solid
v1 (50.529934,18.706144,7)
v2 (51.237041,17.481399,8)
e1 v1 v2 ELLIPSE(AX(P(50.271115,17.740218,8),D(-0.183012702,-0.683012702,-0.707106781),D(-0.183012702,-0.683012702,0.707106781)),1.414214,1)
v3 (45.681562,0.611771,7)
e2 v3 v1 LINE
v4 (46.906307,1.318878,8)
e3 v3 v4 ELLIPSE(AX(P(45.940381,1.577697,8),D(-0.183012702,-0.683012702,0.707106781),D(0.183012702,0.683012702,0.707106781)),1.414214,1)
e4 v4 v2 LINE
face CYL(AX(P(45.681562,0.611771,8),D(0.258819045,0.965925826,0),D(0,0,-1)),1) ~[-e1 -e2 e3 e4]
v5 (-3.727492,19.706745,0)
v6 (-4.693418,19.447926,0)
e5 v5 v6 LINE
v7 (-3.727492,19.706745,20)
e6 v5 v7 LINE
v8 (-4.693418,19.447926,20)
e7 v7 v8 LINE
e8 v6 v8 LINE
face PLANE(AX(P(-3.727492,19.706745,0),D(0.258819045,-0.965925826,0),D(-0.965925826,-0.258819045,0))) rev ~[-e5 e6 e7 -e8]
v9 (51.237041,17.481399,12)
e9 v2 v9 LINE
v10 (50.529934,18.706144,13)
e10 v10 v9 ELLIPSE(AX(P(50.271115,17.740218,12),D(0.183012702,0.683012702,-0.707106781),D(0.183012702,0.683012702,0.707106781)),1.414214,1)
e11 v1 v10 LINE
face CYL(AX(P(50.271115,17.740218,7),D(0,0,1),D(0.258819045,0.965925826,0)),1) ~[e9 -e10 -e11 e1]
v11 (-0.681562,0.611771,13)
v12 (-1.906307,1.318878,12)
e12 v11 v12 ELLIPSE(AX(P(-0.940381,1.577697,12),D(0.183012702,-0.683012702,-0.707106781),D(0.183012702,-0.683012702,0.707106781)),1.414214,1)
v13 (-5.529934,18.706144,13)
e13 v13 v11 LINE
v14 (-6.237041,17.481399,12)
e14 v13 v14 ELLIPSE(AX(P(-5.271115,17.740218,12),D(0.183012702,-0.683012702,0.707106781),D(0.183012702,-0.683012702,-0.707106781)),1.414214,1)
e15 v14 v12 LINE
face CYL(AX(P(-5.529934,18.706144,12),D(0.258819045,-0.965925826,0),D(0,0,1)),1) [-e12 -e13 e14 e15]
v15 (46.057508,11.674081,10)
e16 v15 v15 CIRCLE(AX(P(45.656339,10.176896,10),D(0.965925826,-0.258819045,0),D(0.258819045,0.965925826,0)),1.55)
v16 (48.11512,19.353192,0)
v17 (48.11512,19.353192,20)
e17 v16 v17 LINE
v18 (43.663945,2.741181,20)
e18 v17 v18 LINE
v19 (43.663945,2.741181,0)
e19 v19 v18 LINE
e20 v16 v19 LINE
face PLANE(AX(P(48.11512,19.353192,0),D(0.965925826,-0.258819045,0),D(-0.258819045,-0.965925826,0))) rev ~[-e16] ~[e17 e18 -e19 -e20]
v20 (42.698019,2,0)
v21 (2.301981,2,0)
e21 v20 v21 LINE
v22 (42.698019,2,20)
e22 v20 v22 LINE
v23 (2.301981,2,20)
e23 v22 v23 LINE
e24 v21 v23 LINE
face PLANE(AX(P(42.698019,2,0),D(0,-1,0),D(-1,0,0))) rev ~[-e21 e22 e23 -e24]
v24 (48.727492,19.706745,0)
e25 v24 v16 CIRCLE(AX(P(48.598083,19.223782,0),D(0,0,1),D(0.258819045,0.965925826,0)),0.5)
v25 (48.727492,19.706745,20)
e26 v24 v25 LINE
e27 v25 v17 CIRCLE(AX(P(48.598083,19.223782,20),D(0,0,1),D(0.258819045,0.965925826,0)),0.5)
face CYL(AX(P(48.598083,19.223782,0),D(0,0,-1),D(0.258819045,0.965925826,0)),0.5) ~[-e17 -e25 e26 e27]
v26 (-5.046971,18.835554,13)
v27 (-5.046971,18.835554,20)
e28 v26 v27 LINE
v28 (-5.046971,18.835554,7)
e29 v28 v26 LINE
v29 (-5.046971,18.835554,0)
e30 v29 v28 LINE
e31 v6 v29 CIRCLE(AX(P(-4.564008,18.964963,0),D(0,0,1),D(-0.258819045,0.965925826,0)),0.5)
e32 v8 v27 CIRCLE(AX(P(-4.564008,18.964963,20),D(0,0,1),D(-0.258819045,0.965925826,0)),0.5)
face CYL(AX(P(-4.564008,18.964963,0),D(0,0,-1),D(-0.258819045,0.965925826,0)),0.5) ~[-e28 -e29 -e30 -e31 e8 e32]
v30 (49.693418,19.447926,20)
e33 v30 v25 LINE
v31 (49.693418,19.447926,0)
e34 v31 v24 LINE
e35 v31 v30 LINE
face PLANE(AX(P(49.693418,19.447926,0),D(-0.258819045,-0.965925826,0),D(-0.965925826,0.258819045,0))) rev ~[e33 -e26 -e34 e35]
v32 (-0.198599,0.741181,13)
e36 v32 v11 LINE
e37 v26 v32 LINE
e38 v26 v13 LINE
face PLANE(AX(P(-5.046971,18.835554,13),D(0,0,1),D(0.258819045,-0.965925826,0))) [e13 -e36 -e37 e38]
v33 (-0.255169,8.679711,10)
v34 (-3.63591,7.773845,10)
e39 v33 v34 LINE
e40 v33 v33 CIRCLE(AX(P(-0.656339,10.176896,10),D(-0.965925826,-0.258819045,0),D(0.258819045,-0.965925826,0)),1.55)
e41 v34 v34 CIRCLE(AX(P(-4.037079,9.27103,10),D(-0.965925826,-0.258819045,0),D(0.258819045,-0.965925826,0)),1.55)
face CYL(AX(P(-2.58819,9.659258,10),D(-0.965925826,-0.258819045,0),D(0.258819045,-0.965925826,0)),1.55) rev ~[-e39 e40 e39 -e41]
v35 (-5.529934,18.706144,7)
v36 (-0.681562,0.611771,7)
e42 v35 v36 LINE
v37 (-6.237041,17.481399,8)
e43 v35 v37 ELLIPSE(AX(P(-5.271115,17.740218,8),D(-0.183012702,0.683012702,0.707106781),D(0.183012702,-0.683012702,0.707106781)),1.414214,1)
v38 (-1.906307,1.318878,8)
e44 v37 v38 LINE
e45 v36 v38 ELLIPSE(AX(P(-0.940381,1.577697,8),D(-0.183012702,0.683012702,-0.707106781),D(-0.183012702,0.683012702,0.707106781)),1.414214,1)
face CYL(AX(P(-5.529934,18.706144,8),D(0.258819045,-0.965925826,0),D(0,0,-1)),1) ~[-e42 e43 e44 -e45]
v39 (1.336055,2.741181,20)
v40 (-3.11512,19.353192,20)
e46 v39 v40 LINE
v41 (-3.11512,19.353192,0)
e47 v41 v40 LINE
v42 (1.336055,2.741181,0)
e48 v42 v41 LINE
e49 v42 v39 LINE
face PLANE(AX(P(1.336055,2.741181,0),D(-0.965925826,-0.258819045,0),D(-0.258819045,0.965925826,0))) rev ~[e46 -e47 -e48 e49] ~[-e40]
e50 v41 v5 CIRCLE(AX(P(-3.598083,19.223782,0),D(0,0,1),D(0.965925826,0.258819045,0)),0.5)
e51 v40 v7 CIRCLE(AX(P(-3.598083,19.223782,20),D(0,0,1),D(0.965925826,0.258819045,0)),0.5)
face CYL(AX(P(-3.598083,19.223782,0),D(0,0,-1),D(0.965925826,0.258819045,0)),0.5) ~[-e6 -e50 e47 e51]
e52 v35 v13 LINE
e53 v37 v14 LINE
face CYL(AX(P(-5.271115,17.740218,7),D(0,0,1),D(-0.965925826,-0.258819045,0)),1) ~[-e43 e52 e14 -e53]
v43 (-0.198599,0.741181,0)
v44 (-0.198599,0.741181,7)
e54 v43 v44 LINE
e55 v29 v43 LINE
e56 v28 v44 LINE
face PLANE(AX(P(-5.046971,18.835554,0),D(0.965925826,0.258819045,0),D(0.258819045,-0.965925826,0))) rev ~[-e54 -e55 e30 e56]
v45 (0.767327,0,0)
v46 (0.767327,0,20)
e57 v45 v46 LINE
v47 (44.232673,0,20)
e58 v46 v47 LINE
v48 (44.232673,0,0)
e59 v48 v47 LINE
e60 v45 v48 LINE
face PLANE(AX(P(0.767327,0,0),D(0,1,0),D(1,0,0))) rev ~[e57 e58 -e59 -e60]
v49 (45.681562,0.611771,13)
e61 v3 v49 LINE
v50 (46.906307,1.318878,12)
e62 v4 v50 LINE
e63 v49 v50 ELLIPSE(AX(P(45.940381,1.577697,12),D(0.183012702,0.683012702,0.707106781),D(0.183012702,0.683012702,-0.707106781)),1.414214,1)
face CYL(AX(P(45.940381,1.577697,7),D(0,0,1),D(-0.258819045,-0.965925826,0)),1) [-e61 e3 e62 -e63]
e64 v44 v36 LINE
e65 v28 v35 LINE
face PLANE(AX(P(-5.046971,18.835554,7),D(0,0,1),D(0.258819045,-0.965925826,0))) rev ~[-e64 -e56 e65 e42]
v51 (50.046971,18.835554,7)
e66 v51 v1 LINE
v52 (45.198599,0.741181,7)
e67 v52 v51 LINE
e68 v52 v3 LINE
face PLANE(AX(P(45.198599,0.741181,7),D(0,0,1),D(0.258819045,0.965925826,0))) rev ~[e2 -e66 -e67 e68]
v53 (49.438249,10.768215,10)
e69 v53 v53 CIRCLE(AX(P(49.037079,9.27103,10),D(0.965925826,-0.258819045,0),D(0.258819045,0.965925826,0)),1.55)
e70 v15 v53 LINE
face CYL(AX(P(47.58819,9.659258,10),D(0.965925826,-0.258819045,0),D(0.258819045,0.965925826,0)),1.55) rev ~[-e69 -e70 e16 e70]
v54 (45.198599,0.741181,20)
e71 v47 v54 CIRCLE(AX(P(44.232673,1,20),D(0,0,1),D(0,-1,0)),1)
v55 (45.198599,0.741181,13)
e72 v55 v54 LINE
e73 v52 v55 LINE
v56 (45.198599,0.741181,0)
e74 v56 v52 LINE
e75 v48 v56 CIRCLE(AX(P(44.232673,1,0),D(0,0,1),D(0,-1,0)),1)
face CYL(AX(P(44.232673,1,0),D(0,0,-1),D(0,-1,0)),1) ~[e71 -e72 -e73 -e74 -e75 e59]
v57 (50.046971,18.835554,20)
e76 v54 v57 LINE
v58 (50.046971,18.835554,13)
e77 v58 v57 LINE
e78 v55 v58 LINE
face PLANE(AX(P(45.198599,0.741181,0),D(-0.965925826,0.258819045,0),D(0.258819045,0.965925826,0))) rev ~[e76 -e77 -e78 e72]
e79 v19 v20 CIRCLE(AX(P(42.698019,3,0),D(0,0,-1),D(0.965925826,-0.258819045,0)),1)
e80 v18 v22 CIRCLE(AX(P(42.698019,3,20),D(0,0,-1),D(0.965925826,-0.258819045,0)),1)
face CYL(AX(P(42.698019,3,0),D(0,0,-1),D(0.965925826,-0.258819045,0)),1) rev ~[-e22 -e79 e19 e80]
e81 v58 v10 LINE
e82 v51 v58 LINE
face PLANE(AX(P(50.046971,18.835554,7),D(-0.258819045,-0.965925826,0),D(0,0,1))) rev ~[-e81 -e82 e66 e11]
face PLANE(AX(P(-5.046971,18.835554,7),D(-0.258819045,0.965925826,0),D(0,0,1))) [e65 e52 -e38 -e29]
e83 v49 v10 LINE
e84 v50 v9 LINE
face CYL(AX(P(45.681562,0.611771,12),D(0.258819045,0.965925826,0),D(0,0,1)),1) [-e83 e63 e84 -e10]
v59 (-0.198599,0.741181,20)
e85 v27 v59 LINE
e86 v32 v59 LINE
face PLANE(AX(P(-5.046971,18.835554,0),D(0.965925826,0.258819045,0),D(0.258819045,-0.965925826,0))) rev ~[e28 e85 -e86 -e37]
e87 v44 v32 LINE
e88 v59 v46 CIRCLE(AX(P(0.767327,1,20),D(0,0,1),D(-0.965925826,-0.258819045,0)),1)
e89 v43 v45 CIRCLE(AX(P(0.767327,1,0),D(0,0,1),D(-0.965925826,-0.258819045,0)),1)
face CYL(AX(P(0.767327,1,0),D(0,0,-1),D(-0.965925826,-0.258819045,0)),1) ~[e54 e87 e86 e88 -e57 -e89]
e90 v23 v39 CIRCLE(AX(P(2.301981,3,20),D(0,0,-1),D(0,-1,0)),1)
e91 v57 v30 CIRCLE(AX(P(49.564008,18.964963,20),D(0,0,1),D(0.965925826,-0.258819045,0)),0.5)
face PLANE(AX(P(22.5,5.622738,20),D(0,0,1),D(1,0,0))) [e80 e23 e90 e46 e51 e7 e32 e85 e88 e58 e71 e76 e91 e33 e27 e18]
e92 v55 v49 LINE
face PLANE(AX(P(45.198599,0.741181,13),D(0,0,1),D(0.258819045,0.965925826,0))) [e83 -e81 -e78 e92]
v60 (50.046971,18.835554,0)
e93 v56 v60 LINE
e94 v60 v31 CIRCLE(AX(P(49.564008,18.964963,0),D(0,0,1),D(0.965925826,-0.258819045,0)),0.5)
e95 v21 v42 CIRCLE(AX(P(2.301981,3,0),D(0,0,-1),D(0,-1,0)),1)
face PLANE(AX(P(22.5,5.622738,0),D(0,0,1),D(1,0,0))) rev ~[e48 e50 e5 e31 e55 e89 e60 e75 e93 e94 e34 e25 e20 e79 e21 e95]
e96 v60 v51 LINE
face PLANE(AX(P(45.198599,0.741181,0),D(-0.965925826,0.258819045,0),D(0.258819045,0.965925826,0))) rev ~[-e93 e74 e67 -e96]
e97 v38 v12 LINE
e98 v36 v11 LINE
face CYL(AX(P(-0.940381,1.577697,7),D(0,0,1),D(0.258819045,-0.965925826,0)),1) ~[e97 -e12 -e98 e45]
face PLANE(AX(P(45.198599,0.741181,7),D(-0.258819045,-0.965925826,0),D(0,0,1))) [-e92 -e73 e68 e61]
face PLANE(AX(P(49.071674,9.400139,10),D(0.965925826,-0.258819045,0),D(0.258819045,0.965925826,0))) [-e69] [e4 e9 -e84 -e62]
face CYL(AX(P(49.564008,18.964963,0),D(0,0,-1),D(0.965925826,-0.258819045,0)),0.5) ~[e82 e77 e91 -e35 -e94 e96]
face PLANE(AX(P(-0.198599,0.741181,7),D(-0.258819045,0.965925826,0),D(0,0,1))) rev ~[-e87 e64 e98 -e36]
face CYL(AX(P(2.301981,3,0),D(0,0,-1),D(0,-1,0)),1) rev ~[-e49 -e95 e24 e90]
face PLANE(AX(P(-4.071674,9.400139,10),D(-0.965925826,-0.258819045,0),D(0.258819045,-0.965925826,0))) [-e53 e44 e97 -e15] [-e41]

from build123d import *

# Parameters (mm, degrees)
F1_DEPTH = 20
F2_W     = 18.732673012
F2_H     = 6
F3_DEPTH = 1.5
F4_W     = 18.732673012
F4_H     = 6
F5_DEPTH = 1.5
F6_R     = 1.55
F7_DEPTH = 12.5
F8_R     = 1.55
F9_DEPTH = 12.5
F10_R    = 1


with BuildPart() as f1:
    # F0 (on Top) → F1 (new body)
    with BuildSketch(Plane.XY):
        with BuildLine():
            ThreePointArc((-0.1985988383, 0.7411809549), (0.158565559, 0.2066466597), (0.767326988, 0))
            Line((0.767326988, 0), (44.232673012, 0))
            ThreePointArc((44.232673012, 0), (44.841434441, 0.2066466597), (45.1985988383, 0.7411809549))
            Line((45.1985988383, 0.7411809549), (50.0469713795, 18.8355536126))
            ThreePointArc((50.0469713795, 18.8355536126), (49.9970211682, 19.2149631352), (49.6934179889, 19.4479260483))
            Line((49.6934179889, 19.4479260483), (48.7274921626, 19.7067450934))
            ThreePointArc((48.7274921626, 19.7067450934), (48.3480826401, 19.6567948822), (48.1151197269, 19.3531917028))
            Line((48.1151197269, 19.3531917028), (43.6639448624, 2.7411809549))
            ThreePointArc((43.6639448624, 2.7411809549), (43.3067804651, 2.2066466597), (42.6980190361, 2))
            Line((42.6980190361, 2), (2.3019809639, 2))
            ThreePointArc((2.3019809639, 2), (1.6932195349, 2.2066466597), (1.3360551376, 2.7411809549))
            Line((1.3360551376, 2.7411809549), (-3.1151197269, 19.3531917028))
            ThreePointArc((-3.1151197269, 19.3531917028), (-3.3480826401, 19.6567948822), (-3.7274921626, 19.7067450934))
            Line((-3.7274921626, 19.7067450934), (-4.6934179889, 19.4479260483))
            ThreePointArc((-4.6934179889, 19.4479260483), (-4.9970211682, 19.2149631352), (-5.0469713795, 18.8355536126))
            Line((-5.0469713795, 18.8355536126), (-0.1985988383, 0.7411809549))
        make_face()
    extrude(amount=F1_DEPTH)

    # F2 (on face) → F3 (join)
    with BuildSketch(Plane(origin=(41.9855715851, -11.25, 0), x_dir=(0.2588190451, 0.9659258263, 0), z_dir=(0.9659258263, -0.2588190451, 0))):
        with Locations((21.7805205236, 10)):
            Rectangle(F2_W, F2_H)
    extrude(amount=F3_DEPTH)

    # F4 (on face) → F5 (join)
    with BuildSketch(Plane(origin=(0, 0, 0), x_dir=(0.2588190451, -0.9659258263, 0), z_dir=(-0.9659258263, -0.2588190451, 0))):
        with Locations((-10.133663494, 10)):
            Rectangle(F4_W, F4_H)
    extrude(amount=F5_DEPTH)

    # F6 (on face) → F7 (cut, symmetric)
    with BuildSketch(Plane(origin=(0, 0, 0), x_dir=(0.2588190451, -0.9659258263, 0), z_dir=(-0.9659258263, -0.2588190451, 0))):
        with Locations((-10, 10)):
            Circle(F6_R)
    extrude(amount=F7_DEPTH, both=True, mode=Mode.SUBTRACT)

    # F8 (on face) → F9 (cut, symmetric)
    with BuildSketch(Plane(origin=(41.9855715851, -11.25, 0), x_dir=(0.2588190451, 0.9659258263, 0), z_dir=(0.9659258263, -0.2588190451, 0))):
        with Locations((21.6468570296, 10)):
            Circle(F8_R)
    extrude(amount=F9_DEPTH, both=True, mode=Mode.SUBTRACT)

    # F10
    f10_edges = [f1.edges().sort_by_distance(p)[0] for p in [
        (-1.647488, 0.352952, 10),
        (-4.071674, 9.400139, 7),
        (-4.071674, 9.400139, 13),
        (-6.49586, 18.447325, 10),
        (51.49586, 18.447325, 10),
        (49.071674, 9.400139, 7),
        (49.071674, 9.400139, 13),
        (46.647488, 0.352952, 10),
    ]]
    fillet(f10_edges, radius=F10_R)


solid = f1.part
